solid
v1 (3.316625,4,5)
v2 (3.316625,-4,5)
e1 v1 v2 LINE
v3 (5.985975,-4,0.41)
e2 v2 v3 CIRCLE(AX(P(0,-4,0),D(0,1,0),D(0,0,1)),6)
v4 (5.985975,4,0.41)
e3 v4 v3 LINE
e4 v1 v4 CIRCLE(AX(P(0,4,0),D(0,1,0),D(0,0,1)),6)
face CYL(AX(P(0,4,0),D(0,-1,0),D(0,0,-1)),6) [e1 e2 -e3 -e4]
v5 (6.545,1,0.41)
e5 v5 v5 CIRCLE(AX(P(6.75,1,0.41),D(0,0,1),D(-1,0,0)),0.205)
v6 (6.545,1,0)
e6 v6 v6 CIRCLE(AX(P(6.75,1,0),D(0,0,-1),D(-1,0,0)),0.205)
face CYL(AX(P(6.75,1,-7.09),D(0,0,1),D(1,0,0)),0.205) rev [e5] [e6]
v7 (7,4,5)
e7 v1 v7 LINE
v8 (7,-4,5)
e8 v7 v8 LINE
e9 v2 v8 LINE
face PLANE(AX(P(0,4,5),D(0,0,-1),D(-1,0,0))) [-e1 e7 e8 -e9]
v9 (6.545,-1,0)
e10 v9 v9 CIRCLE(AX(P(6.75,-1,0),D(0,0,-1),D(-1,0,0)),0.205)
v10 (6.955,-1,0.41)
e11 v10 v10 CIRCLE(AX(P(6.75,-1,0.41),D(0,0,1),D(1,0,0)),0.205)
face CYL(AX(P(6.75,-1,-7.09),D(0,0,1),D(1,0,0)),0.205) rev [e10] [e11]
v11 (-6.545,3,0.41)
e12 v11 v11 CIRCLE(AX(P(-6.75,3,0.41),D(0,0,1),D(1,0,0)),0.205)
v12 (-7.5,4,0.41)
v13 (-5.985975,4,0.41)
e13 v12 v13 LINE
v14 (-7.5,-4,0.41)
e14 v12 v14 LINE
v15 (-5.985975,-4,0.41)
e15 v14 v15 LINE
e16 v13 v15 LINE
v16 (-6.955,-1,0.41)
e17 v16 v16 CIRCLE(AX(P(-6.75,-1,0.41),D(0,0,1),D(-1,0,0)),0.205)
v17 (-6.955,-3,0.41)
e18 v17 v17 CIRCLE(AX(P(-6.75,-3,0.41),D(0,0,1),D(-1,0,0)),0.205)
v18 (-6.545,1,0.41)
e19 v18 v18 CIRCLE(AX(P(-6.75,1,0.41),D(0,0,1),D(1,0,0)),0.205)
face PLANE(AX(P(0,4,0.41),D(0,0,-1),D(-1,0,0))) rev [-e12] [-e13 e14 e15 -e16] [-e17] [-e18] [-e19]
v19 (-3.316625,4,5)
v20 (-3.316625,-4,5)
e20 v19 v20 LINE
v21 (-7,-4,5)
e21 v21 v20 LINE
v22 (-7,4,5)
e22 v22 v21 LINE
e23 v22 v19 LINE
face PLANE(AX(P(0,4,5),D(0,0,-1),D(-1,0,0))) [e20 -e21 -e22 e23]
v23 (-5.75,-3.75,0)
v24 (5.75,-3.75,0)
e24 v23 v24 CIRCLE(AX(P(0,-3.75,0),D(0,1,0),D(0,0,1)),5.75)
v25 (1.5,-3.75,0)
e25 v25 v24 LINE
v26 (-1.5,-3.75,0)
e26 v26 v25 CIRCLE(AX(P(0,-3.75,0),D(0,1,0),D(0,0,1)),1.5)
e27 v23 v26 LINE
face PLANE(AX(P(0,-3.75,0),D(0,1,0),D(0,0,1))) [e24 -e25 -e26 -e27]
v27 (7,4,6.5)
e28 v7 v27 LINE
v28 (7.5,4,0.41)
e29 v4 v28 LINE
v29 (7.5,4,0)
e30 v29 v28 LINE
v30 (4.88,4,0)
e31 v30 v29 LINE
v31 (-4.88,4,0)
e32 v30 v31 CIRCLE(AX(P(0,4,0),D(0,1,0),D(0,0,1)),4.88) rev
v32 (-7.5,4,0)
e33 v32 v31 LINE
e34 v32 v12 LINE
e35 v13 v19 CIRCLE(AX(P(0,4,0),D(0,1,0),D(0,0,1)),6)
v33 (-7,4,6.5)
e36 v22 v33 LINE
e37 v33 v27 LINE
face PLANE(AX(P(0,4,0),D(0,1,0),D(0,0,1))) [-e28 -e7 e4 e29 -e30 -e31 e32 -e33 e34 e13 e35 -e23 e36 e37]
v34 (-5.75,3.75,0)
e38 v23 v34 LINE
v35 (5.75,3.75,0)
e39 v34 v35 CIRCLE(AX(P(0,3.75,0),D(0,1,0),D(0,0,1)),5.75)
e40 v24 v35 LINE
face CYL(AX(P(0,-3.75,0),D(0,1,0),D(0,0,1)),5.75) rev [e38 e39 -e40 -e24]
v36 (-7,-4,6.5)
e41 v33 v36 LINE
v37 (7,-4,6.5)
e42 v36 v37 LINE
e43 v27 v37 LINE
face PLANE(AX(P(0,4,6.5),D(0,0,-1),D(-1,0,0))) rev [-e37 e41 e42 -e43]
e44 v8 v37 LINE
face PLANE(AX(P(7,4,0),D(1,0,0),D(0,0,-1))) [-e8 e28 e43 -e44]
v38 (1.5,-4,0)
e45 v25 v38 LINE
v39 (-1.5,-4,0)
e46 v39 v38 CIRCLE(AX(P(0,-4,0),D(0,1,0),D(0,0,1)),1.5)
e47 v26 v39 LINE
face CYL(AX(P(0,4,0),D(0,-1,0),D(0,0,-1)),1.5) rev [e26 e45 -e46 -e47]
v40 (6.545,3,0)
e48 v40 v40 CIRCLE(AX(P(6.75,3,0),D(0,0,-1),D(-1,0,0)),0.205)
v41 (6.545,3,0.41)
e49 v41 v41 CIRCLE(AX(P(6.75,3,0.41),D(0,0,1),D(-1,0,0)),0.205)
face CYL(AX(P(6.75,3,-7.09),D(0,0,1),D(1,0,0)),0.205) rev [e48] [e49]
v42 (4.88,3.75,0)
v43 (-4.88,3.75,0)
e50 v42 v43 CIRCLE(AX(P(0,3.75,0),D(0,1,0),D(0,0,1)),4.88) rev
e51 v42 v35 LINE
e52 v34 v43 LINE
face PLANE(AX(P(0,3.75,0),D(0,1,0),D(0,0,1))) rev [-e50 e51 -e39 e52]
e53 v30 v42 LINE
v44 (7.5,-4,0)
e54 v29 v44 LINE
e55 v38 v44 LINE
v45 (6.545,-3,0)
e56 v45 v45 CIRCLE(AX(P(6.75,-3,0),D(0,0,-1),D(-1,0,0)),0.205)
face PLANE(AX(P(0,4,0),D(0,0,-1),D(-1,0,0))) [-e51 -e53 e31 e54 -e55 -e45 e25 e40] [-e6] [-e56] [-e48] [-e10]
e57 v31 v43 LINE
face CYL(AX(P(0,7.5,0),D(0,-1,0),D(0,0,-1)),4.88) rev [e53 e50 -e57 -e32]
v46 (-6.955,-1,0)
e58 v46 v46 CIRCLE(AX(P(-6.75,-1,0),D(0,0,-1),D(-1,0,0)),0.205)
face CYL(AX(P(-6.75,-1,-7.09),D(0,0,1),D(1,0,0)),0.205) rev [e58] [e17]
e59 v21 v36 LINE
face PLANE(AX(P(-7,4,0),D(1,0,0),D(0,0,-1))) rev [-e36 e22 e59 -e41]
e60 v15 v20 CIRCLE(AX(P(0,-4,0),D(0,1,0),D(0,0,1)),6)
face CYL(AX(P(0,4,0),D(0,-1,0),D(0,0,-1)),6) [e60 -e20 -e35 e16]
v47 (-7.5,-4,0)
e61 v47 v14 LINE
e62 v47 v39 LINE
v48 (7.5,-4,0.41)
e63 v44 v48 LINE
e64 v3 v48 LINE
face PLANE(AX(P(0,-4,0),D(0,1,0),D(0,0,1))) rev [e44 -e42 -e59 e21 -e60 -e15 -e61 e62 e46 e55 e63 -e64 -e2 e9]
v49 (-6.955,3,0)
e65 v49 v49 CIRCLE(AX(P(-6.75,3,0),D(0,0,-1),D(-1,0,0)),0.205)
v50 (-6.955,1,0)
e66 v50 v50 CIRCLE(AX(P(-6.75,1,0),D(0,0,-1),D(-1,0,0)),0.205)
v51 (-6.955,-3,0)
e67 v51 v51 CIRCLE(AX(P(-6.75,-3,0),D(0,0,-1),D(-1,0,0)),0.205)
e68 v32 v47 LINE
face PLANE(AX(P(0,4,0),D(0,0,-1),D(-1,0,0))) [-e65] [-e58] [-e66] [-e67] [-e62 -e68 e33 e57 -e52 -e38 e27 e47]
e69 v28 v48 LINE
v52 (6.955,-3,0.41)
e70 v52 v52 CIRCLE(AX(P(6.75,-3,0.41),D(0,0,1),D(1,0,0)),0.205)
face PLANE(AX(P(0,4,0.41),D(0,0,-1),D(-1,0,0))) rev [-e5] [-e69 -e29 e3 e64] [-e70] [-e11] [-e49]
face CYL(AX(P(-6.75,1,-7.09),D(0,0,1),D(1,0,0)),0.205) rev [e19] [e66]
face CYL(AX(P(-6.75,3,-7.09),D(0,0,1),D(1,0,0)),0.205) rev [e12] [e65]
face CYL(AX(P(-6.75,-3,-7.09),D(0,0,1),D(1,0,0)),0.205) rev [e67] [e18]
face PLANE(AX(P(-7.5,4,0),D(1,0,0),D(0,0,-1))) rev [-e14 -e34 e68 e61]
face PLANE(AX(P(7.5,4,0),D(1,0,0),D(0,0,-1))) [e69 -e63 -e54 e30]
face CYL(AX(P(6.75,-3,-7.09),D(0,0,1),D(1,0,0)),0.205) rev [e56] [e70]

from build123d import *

# Parameters (mm, degrees)
BOSS_EXTRUDE2_DEPTH = 4
CUT_EXTRUDE1_DEPTH  = 3.75
CUT_EXTRUDE2_START  = 7.5
CUT_EXTRUDE2_DEPTH  = 7.5
SKETCH2_R           = 0.205
CUT_EXTRUDE3_DEPTH  = 7.5


with BuildPart() as part:
    # Sketch1 → Boss-Extrude2 (new, symmetric)
    with BuildSketch(Plane(origin=(0, 0, 0), x_dir=(1, 0, 0), z_dir=(0, 1, 0))):
        with BuildLine():
            Line((-7.5, 0), (-7.5, -0.41))
            Line((-7.5, -0.41), (-5.985975276, -0.41))
            ThreePointArc((-5.985975276, -0.41), (-5.186676874, -3.016352599), (-3.31662479, -5))
            Line((-3.31662479, -5), (-7, -5))
            Line((-7, -5), (-7, -6.5))
            Line((-7, -6.5), (7, -6.5))
            Line((7, -6.5), (7, -5))
            Line((7, -5), (3.31662479, -5))
            ThreePointArc((3.31662479, -5), (5.186676874, -3.016352599), (5.985975276, -0.41))
            Line((5.985975276, -0.41), (7.5, -0.41))
            Line((7.5, -0.41), (7.5, 0))
            Line((7.5, 0), (1.5, 0))
            ThreePointArc((1.5, 0), (0, -1.5), (-1.5, 0))
            Line((-1.5, 0), (-7.5, 0))
        make_face()
    extrude(amount=BOSS_EXTRUDE2_DEPTH, both=True)

    # Sketch1<3> → Cut-Extrude1 (cut, symmetric)
    with BuildSketch(Plane(origin=(0, 0, 0), x_dir=(1, 0, 0), z_dir=(0, 1, 0))):
        with BuildLine():
            ThreePointArc((-5.75, 0), (0, -5.75), (5.75, 0))
            Line((5.75, 0), (1.5, 0))
            ThreePointArc((1.5, 0), (0, -1.5), (-1.5, 0))
            Line((-1.5, 0), (-5.75, 0))
        make_face()
    extrude(amount=CUT_EXTRUDE1_DEPTH, both=True, mode=Mode.SUBTRACT)

    # Sketch1<4> → Cut-Extrude2 (cut)
    with BuildSketch(Plane(origin=(0, 0, 0), x_dir=(1, 0, 0), z_dir=(0, 1, 0)).offset(CUT_EXTRUDE2_START)):
        with BuildLine():
            Line((-1.5, 0), (-4.88, 0))
            ThreePointArc((-4.88, 0), (0, -4.88), (4.88, 0))
            Line((4.88, 0), (1.5, 0))
            ThreePointArc((1.5, 0), (0, -1.5), (-1.5, 0))
        make_face()
    extrude(amount=-CUT_EXTRUDE2_DEPTH, mode=Mode.SUBTRACT)

    # Sketch2 → Cut-Extrude3 (cut)
    with BuildSketch(Plane.XY.offset(0.41)):
        with Locations((-6.75, 3)):
            Circle(SKETCH2_R)
        with Locations((-6.75, 1)):
            Circle(SKETCH2_R)
        with Locations((-6.75, -1)):
            Circle(SKETCH2_R)
        with Locations((-6.75, -3)):
            Circle(SKETCH2_R)
        with Locations((6.75, -3)):
            Circle(SKETCH2_R)
        with Locations((6.75, -1)):
            Circle(SKETCH2_R)
        with Locations((6.75, 1)):
            Circle(SKETCH2_R)
        with Locations((6.75, 3)):
            Circle(SKETCH2_R)
    extrude(amount=-CUT_EXTRUDE3_DEPTH, mode=Mode.SUBTRACT)


solid = part.part
